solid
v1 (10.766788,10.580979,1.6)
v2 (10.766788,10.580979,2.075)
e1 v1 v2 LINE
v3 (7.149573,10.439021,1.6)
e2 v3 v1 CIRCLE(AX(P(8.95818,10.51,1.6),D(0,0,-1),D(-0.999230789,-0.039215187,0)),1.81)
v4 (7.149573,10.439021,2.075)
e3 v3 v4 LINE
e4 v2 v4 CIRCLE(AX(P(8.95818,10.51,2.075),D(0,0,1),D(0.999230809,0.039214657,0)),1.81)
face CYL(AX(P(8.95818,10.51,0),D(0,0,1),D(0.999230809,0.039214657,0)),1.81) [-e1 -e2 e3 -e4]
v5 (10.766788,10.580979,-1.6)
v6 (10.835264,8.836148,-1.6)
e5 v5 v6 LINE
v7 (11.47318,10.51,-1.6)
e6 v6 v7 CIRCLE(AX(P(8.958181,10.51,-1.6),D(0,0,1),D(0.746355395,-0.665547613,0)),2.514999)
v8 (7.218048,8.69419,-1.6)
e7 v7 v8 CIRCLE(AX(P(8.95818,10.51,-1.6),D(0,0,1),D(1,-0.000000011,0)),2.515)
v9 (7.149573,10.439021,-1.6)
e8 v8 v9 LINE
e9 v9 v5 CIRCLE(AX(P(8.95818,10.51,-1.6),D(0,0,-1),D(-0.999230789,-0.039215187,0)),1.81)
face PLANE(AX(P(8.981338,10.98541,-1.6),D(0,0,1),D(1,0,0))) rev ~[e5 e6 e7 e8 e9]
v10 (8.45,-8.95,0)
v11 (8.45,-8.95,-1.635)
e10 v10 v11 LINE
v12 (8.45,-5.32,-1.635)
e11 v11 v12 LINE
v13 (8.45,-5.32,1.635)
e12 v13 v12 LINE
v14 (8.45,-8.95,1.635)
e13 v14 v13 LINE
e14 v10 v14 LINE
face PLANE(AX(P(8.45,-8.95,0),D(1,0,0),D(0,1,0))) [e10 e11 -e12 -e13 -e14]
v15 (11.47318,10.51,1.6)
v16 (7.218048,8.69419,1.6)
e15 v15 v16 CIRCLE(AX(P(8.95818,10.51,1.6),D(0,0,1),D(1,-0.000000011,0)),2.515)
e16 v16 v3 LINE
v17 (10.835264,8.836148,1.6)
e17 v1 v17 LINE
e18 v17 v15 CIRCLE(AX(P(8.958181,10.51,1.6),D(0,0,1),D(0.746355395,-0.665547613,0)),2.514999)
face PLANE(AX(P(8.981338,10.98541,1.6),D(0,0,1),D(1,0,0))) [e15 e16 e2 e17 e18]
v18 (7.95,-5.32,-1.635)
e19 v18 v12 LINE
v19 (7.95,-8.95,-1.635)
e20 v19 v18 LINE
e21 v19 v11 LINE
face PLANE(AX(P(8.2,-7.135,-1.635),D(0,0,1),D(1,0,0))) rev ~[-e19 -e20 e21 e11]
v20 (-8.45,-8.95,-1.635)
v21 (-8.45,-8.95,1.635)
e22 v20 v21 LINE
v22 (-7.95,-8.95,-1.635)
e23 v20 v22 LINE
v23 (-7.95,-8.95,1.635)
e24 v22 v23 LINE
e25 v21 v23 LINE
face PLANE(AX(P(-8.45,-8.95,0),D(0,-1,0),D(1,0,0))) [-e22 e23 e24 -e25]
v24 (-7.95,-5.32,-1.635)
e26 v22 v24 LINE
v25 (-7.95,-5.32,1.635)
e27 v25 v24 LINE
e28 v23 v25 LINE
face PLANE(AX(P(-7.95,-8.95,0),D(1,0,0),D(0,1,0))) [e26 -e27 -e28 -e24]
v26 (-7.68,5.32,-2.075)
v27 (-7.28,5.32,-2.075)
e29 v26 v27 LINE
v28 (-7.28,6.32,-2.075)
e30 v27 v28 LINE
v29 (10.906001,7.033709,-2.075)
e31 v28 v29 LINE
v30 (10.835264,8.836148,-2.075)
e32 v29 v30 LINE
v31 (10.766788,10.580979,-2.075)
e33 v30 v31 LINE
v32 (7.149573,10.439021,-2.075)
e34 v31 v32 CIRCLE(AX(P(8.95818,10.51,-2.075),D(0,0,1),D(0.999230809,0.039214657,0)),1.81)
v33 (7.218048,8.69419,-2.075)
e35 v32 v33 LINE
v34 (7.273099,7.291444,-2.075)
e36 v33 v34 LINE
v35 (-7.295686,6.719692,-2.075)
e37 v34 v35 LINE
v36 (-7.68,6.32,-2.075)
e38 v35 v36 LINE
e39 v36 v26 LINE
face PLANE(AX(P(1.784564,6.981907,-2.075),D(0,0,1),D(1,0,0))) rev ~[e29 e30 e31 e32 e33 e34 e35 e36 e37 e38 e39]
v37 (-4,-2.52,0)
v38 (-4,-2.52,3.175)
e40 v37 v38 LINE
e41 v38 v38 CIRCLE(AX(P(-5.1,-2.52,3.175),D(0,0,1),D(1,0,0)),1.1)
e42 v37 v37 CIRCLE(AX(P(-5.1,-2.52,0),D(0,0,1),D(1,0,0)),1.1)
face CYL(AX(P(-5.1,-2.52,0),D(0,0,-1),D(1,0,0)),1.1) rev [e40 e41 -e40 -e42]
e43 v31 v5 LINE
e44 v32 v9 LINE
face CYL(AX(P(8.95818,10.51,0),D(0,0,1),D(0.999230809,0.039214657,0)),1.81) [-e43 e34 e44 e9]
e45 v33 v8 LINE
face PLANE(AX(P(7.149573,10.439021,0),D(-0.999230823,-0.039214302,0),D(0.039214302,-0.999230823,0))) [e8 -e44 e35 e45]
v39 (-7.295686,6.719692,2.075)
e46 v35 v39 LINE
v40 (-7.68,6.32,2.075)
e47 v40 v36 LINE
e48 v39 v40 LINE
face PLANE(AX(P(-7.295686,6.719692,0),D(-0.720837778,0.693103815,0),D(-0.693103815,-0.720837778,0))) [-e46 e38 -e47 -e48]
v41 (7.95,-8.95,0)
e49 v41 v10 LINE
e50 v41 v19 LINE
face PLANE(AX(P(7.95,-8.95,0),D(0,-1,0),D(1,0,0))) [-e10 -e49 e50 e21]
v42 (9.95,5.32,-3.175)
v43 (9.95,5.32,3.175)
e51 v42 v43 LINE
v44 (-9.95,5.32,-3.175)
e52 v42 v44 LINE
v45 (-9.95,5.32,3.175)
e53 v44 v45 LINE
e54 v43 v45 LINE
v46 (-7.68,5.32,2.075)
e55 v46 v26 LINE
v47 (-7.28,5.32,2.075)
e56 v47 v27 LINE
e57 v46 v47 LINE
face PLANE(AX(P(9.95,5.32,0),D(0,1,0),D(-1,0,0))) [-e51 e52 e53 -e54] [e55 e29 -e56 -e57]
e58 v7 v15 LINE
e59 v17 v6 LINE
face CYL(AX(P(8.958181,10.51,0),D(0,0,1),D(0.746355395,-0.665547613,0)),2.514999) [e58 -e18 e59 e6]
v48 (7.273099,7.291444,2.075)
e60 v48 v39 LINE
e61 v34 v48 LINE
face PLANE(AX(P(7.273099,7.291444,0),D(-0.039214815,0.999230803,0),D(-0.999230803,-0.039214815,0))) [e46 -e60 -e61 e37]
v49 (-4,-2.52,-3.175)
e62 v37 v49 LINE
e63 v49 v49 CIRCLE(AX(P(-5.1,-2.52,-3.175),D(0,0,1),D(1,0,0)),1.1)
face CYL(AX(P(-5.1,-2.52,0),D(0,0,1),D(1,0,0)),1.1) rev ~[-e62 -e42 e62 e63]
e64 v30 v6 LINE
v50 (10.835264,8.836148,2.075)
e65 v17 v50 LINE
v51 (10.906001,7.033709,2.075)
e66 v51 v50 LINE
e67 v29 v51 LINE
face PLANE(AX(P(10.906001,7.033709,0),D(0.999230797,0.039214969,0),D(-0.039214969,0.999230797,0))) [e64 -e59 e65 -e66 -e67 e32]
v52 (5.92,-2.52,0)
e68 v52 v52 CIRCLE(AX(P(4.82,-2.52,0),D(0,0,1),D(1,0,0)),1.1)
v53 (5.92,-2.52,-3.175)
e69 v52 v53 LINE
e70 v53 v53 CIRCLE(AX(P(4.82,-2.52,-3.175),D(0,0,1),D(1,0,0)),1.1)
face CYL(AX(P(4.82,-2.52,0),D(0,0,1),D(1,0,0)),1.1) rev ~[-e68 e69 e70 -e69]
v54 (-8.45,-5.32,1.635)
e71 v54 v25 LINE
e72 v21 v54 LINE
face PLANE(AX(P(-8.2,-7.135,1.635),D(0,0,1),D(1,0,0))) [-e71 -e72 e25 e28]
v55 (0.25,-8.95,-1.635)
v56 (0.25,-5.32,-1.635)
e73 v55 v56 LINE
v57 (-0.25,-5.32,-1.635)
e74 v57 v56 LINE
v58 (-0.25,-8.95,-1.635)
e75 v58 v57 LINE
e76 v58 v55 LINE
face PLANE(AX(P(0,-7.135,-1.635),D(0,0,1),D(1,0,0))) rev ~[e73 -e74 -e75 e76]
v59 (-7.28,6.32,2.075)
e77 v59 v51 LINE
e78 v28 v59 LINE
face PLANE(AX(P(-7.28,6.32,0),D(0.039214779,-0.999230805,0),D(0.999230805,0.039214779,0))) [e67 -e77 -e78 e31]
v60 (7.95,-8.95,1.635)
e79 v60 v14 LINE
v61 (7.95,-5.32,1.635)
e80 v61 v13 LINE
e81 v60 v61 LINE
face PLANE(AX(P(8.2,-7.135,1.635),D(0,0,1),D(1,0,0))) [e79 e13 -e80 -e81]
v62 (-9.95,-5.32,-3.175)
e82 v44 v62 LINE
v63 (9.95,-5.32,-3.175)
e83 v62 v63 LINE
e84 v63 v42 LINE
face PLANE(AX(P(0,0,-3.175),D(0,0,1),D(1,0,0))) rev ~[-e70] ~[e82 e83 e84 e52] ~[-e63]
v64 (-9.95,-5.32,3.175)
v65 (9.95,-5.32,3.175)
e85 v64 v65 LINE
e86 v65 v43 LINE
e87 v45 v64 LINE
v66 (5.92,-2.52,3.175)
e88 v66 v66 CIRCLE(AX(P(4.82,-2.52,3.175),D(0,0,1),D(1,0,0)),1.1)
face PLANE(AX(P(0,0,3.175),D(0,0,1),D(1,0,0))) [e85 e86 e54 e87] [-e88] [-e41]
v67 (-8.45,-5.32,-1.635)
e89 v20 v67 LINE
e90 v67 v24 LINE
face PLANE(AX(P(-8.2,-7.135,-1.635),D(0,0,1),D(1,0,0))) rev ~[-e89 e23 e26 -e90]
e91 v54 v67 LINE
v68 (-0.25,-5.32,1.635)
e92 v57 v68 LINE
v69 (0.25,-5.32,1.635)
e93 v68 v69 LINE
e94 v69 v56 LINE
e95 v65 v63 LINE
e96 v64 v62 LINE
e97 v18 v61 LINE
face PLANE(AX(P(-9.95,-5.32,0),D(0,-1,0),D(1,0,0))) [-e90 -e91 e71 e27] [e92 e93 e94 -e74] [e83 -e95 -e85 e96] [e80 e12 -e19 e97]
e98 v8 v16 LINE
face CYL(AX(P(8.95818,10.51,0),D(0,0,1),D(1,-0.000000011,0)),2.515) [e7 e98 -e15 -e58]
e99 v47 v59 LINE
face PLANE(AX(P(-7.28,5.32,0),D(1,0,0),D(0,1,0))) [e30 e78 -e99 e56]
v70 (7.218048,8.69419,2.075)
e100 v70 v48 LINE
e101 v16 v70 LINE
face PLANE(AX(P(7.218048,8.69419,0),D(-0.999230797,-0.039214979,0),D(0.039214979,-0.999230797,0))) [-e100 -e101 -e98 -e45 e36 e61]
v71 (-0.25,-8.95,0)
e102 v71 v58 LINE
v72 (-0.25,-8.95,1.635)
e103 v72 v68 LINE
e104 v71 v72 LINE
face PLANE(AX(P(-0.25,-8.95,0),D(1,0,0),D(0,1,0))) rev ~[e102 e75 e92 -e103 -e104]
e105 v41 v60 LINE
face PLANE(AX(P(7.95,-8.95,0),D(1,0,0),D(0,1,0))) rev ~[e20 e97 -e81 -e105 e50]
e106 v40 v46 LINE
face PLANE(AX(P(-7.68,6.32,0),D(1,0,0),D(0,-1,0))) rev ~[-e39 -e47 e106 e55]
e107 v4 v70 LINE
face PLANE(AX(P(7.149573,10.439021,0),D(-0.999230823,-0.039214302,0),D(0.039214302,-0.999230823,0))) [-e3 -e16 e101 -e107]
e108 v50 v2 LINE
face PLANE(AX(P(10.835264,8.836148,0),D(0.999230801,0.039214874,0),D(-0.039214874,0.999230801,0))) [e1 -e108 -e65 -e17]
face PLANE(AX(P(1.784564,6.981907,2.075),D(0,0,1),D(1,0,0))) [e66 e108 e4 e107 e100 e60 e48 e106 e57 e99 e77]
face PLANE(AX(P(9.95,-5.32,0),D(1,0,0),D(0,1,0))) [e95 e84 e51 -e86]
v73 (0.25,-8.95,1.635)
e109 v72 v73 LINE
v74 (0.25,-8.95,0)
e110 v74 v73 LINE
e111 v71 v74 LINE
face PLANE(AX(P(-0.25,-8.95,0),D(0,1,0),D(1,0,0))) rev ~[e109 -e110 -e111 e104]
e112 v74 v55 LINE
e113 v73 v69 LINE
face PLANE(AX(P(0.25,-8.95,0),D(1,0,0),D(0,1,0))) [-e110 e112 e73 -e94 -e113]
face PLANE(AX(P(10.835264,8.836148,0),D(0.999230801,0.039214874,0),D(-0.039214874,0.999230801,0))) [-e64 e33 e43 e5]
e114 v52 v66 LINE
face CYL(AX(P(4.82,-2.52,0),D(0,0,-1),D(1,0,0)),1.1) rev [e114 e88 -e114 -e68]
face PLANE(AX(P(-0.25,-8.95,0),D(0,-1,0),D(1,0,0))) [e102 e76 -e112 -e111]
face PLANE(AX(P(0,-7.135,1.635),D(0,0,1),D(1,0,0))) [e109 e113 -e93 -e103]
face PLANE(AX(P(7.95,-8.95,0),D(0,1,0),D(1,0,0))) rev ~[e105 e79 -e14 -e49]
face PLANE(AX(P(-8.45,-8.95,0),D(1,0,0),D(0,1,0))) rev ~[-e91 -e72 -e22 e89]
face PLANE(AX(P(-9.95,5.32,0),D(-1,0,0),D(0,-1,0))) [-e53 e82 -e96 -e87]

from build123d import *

# Parameters (mm, degrees)
F0_R          = 1.1
F1_DEPTH      = 3.175
F1_DEPTH_BACK = 3.175
F2_DEPTH      = 2.075
F2_DEPTH_BACK = 2.075
F0_W          = 0.5
F0_H          = 3.63
F3_DEPTH      = 1.635
F3_DEPTH_BACK = 1.635
F4_DEPTH      = 1.6
F4_DEPTH_BACK = 1.6


with BuildPart() as f1:
    # F0 (on Top) → F1 (new body, two sides)
    with BuildSketch(Plane.XY) as f1_sk:
        Polygon((8.45, -5.32), (9.95, -5.32), (9.95, 5.32), (0, 5.32), (-7.28, 5.32), (-7.68, 5.32), (-9.95, 5.32), (-9.95, -5.32), (-8.45, -5.32), (-7.95, -5.32), (-0.25, -5.32), (0.25, -5.32), (7.95, -5.32), align=None)
        with Locations((-5.1, -2.52)):
            Circle(F0_R, mode=Mode.SUBTRACT)
        with Locations((4.82, -2.52)):
            Circle(F0_R, mode=Mode.SUBTRACT)
    extrude(amount=F1_DEPTH)
    extrude(f1_sk.sketch, amount=-F1_DEPTH_BACK)

    # F0 (on Top) → F2 (join, two sides)
    with BuildSketch(Plane.XY) as f2_sk:
        with BuildLine():
            Line((-7.68, 5.32), (-7.28, 5.32))
            Line((-7.28, 5.32), (-7.28, 6.32))
            Line((-7.28, 6.32), (10.906001, 7.033709))
            Line((10.906001, 7.033709), (10.835264, 8.836148))
            ThreePointArc((10.835264, 8.836148), (9.056806, 7.996935), (7.218048, 8.69419))
            Line((7.218048, 8.69419), (7.273099, 7.291444))
            Line((7.273099, 7.291444), (-7.295686, 6.719692))
            Line((-7.295686, 6.719692), (-7.68, 6.32))
            Line((-7.68, 6.32), (-7.68, 5.32))
        make_face()
        with BuildLine():
            ThreePointArc((7.218048, 8.69419), (9.056806, 7.996935), (10.835264, 8.836148))
            Line((10.835264, 8.836148), (10.766788, 10.580979))
            ThreePointArc((10.766788, 10.580979), (8.887202, 12.318608), (7.149573, 10.439021))
            Line((7.149573, 10.439021), (7.218048, 8.69419))
        make_face()
    extrude(amount=F2_DEPTH)
    extrude(f2_sk.sketch, amount=-F2_DEPTH_BACK)

    # F0 (on Top) → F3 (join, two sides)
    with BuildSketch(Plane.XY) as f3_sk:
        with Locations((-8.2, -7.135)):
            Rectangle(F0_W, F0_H)
        with Locations((8.2, -7.135)):
            Rectangle(F0_W, F0_H)
        with Locations((0, -7.135)):
            Rectangle(F0_W, F0_H)
    extrude(amount=F3_DEPTH)
    extrude(f3_sk.sketch, amount=-F3_DEPTH_BACK)

    # F0 (on Top) → F4 (join, two sides)
    with BuildSketch(Plane.XY) as f4_sk:
        with BuildLine():
            Line((10.766788, 10.580979), (10.835264, 8.836148))
            ThreePointArc((10.835264, 8.836148), (11.308296, 9.614355), (11.47318, 10.51))
            ThreePointArc((11.47318, 10.51), (7.971065, 12.823186), (7.218048, 8.69419))
            Line((7.218048, 8.69419), (7.149573, 10.439021))
            ThreePointArc((7.149573, 10.439021), (8.887202, 12.318608), (10.766788, 10.580979))
        make_face()
    extrude(amount=F4_DEPTH)
    extrude(f4_sk.sketch, amount=-F4_DEPTH_BACK)


solid = f1.part
